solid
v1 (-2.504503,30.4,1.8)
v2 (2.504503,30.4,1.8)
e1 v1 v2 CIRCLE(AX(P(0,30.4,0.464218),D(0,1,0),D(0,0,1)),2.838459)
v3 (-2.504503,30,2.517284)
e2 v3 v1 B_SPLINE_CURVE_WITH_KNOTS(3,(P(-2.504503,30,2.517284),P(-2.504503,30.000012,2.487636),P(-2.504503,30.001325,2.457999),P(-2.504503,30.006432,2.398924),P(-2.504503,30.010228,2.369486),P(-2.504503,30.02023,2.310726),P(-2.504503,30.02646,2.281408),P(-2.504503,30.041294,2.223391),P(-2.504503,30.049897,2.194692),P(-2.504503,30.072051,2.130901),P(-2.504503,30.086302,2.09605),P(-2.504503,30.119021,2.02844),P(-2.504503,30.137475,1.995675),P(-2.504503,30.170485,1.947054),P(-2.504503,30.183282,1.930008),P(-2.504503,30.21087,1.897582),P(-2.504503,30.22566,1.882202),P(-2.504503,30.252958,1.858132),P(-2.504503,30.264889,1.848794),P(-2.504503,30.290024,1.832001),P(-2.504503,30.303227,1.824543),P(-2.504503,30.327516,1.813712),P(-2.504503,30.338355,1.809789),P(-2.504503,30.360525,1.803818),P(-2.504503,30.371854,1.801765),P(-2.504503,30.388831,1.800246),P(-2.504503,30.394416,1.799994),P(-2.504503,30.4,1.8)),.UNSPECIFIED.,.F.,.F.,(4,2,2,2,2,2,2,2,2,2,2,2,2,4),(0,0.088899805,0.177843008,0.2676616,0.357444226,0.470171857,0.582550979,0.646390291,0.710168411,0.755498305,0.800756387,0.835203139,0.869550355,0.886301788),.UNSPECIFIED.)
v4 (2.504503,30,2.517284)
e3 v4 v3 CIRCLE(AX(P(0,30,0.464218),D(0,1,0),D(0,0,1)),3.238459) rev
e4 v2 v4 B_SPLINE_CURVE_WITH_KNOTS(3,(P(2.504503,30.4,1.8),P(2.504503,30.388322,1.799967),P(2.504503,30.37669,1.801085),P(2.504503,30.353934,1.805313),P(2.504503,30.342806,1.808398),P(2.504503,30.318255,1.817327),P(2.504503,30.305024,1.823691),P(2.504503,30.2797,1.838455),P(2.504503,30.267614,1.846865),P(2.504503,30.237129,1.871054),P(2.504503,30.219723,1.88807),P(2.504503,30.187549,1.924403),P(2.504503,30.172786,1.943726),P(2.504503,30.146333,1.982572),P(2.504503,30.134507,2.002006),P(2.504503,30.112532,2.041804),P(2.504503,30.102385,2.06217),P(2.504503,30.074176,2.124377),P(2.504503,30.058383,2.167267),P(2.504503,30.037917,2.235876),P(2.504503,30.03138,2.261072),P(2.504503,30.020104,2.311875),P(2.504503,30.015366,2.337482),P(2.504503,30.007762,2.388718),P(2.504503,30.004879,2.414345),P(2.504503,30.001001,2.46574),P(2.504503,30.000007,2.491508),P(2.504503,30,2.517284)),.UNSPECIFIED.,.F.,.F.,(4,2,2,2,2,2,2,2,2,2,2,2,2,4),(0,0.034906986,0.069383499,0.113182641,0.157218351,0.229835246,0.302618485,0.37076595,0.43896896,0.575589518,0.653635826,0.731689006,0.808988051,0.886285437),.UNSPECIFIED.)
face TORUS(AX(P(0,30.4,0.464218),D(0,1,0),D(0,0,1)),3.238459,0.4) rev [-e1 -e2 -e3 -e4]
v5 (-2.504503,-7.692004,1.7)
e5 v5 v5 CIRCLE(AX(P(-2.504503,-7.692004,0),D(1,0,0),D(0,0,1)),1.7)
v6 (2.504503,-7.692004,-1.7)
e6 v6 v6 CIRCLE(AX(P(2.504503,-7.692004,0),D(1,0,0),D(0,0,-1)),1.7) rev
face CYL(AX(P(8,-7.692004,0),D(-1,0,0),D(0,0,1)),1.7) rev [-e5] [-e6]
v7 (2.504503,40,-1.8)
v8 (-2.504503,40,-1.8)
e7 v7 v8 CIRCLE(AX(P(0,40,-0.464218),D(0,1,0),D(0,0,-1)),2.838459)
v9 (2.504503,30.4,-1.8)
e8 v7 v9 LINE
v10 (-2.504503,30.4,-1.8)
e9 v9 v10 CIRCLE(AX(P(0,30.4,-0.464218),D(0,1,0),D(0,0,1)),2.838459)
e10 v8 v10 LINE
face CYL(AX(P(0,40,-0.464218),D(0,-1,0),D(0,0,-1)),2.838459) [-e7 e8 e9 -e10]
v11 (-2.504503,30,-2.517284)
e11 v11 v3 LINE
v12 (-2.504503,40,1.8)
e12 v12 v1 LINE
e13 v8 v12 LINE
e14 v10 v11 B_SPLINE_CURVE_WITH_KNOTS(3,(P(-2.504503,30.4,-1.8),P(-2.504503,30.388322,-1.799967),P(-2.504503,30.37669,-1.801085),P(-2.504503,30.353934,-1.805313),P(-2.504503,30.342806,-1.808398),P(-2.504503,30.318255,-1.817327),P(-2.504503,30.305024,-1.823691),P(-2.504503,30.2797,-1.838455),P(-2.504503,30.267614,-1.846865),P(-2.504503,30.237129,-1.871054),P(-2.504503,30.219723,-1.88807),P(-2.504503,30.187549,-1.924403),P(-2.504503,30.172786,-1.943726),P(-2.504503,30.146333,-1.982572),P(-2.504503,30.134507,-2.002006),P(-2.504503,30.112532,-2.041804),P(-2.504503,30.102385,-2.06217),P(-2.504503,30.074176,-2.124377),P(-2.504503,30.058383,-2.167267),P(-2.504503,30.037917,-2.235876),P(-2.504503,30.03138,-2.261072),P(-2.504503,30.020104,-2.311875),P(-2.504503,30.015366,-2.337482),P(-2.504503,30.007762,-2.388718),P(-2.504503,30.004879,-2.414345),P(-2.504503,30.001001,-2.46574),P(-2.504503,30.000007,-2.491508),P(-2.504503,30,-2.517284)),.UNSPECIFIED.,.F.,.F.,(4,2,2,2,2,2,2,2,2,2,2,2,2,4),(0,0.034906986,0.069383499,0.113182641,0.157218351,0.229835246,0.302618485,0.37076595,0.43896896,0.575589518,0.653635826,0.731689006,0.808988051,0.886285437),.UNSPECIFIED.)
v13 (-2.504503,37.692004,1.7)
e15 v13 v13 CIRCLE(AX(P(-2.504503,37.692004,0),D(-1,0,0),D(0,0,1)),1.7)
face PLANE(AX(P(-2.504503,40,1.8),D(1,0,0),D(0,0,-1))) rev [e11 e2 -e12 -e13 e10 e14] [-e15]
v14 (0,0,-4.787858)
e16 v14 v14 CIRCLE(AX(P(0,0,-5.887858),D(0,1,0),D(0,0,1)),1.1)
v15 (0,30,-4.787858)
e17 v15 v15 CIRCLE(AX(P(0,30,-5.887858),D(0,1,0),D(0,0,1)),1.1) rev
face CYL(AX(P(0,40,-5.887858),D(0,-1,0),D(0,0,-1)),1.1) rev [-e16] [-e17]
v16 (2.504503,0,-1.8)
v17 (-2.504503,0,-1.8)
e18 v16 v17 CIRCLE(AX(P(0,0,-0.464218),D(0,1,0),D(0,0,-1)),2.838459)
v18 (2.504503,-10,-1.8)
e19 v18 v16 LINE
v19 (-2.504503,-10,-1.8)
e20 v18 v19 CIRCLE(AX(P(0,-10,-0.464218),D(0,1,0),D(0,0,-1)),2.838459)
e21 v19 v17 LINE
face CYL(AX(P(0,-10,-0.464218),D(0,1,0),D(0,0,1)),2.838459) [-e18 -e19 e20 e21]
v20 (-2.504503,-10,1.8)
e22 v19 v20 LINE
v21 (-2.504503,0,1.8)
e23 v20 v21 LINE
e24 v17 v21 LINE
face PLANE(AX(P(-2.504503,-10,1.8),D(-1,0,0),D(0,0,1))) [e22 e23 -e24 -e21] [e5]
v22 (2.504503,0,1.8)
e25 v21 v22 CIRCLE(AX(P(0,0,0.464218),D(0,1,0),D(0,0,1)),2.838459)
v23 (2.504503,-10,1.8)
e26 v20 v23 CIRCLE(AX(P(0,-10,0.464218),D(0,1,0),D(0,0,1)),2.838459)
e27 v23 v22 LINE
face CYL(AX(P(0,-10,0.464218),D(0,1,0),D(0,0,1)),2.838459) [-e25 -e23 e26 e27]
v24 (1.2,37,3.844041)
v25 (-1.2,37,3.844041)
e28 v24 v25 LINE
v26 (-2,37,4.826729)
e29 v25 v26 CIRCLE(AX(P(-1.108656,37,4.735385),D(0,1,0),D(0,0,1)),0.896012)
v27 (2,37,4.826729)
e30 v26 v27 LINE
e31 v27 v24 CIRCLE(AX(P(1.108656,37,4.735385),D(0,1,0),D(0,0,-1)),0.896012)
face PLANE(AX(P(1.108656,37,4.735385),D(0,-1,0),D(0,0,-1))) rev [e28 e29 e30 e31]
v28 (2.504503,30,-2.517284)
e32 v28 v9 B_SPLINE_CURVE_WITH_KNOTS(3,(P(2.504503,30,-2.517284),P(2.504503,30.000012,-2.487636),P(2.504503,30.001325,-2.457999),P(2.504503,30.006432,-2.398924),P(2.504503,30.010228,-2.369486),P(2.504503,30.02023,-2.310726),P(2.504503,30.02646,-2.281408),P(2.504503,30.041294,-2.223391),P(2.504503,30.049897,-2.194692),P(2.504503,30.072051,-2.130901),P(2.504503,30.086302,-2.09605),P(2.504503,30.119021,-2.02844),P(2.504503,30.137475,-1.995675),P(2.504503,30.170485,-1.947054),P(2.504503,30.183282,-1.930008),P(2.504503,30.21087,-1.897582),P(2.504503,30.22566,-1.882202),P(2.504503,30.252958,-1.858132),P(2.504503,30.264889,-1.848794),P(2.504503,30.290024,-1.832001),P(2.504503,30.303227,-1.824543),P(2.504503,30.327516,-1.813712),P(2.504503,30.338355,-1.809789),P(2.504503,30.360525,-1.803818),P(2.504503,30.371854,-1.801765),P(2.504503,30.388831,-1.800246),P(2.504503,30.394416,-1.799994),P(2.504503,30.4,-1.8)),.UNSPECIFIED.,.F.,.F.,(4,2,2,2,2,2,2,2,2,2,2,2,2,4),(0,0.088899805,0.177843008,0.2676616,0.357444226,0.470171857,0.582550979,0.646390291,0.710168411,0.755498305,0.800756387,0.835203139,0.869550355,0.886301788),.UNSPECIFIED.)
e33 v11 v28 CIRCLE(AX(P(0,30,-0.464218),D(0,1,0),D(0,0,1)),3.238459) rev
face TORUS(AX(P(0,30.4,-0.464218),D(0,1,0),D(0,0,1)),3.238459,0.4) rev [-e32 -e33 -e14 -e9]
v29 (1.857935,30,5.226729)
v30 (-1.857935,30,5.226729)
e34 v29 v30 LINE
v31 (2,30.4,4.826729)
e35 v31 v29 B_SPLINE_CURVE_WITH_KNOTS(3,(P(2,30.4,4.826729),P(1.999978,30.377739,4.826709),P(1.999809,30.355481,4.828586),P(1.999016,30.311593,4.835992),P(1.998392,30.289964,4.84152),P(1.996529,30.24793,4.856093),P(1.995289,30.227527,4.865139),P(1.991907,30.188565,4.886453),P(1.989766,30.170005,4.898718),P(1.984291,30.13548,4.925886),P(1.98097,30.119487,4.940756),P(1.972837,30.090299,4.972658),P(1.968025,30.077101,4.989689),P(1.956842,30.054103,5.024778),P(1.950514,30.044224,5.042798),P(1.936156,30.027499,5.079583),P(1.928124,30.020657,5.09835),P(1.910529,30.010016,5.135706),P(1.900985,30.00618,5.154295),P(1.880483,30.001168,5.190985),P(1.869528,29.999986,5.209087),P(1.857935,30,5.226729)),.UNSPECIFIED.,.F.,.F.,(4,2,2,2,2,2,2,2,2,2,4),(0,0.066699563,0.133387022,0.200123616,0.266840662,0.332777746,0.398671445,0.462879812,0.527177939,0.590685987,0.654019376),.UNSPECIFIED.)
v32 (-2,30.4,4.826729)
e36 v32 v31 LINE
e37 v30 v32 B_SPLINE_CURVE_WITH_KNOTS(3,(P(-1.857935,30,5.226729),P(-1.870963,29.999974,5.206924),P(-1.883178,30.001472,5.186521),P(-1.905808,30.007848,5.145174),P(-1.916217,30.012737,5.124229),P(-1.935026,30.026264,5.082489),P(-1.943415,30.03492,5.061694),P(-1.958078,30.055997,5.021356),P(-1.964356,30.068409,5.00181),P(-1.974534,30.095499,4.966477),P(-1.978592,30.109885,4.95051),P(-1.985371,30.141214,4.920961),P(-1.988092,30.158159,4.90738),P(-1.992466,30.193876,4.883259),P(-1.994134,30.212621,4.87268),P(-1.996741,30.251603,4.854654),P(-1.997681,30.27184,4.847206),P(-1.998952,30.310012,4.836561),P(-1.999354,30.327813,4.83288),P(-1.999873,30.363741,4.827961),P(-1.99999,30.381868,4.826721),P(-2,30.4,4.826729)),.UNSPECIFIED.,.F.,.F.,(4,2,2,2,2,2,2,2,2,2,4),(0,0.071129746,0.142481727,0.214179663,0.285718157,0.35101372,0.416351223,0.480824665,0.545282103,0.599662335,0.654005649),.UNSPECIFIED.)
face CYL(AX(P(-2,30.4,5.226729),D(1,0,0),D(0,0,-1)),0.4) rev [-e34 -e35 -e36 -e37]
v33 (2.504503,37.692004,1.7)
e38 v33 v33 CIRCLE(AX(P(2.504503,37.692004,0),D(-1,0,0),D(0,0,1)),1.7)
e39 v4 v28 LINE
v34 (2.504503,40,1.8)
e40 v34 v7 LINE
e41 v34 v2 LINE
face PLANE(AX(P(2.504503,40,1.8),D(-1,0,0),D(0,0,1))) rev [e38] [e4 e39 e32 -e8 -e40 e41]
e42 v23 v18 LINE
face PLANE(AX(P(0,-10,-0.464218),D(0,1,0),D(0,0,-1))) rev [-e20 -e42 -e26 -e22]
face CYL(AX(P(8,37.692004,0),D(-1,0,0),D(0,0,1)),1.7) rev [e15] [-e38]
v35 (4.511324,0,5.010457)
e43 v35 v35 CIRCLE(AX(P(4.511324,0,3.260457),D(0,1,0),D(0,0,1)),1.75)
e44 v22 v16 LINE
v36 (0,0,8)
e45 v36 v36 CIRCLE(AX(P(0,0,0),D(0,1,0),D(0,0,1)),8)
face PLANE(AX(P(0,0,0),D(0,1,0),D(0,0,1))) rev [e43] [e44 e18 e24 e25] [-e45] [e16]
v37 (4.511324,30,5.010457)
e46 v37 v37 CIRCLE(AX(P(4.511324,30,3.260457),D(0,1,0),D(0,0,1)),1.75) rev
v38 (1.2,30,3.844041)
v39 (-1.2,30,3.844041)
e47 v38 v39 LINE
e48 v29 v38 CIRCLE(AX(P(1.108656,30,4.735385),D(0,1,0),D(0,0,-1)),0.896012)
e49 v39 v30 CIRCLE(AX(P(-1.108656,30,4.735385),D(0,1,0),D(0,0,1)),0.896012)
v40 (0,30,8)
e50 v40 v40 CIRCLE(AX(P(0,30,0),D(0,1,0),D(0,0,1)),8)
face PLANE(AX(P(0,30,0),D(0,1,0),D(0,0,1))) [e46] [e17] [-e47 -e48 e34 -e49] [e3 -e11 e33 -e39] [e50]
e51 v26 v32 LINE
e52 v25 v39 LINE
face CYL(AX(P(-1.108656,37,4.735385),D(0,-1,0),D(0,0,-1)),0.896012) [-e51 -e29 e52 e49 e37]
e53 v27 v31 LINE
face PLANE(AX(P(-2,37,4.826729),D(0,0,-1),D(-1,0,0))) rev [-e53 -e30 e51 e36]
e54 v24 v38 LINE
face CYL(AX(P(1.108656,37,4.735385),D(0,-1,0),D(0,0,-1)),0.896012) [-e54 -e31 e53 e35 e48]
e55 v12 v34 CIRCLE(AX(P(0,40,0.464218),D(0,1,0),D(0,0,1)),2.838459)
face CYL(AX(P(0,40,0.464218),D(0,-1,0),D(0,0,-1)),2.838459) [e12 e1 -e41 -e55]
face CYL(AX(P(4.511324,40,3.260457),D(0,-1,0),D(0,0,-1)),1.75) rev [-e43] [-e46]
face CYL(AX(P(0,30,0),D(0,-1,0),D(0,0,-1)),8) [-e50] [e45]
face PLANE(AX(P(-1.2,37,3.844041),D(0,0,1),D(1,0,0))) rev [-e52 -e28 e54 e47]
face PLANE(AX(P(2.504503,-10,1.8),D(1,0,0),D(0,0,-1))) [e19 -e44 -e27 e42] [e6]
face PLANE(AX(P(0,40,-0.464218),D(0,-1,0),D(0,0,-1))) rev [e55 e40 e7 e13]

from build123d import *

# Parameters (mm, degrees)
SKETCH2_R           = 8
BOSS_EXTRUDE1_DEPTH = 30
BOSS_EXTRUDE3_DEPTH = 10
BOSS_EXTRUDE4_DEPTH = 7
FILLET1_R           = 0.4
SKETCH12_R          = 1.1
SKETCH12_R_2        = 1.75
CUT_EXTRUDE2_DEPTH  = 42.569219478
SKETCH13_R          = 1.7
CUT_EXTRUDE3_DEPTH  = 43.12296985


with BuildPart() as part:
    # Sketch2 → Boss-Extrude1 (new body)
    with BuildSketch(Plane(origin=(0, 0, 0), x_dir=(1, 0, 0), z_dir=(0, 1, 0))):
        with Locations(Location((0, 0, 0), (0, 0, 270))):
            Circle(SKETCH2_R)
    extrude(amount=BOSS_EXTRUDE1_DEPTH)

    # Sketch4 → Boss-Extrude3 (add)
    with BuildSketch(Plane(origin=(0, 30, 0), x_dir=(1, 0, 0), z_dir=(0, 1, 0))):
        with BuildLine():
            Line((2.504502892, -1.8), (2.504502892, 1.8))
            ThreePointArc((2.504502892, 1.8), (0, 3.30267653), (-2.504502892, 1.8))
            Line((-2.504502892, 1.8), (-2.504502892, -1.8))
            ThreePointArc((-2.504502892, -1.8), (0, -3.30267653), (2.504502892, -1.8))
        make_face()
    boss_extrude3 = extrude(amount=BOSS_EXTRUDE3_DEPTH)

    # Sketch8 → Boss-Extrude4 (add)
    with BuildSketch(Plane(origin=(0, 30, 0), x_dir=(1, 0, 0), z_dir=(0, 1, 0))):
        with BuildLine():
            Line((-1.2, -3.84404132), (1.2, -3.84404132))
            ThreePointArc((1.2, -3.84404132), (1.803521194, -4.169699523), (2, -4.826728575))
            Line((2, -4.826728575), (-2, -4.826728575))
            ThreePointArc((-2, -4.826728575), (-1.803521194, -4.169699523), (-1.2, -3.84404132))
        make_face()
    extrude(amount=BOSS_EXTRUDE4_DEPTH)

    # Fillet1
    fillet1_edges = [part.edges().sort_by_distance(p)[0] for p in [
        (0, 30, 4.826728575),
        (0, 30, -3.30267653),
        (0, 30, 3.30267653),
    ]]
    fillet(fillet1_edges, radius=FILLET1_R)

    # Sketch12 → Cut-Extrude2 (cut, through all)
    with BuildSketch(Plane(origin=(0, 0, 0), x_dir=(1, 0, 0), z_dir=(0, 1, 0))):
        with Locations(Location((0, 5.887857779, 0), (0, 0, 270))):
            Circle(SKETCH12_R)
        with Locations(Location((4.511323968, -3.260456868, 0), (0, 0, 270))):
            Circle(SKETCH12_R_2)
    extrude(amount=CUT_EXTRUDE2_DEPTH, mode=Mode.SUBTRACT)

    # Sketch13 → Cut-Extrude3 (cut, through all)
    with BuildSketch(Plane.ZY.offset(2.504502892)):
        with Locations((0, 37.692003777)):
            Circle(SKETCH13_R)
    cut_extrude3 = extrude(amount=-CUT_EXTRUDE3_DEPTH, mode=Mode.SUBTRACT)

    # Mirror1: Boss-Extrude3, Cut-Extrude3 across plane
    add(boss_extrude3.mirror(Plane.ZX.offset(15)))
    add(cut_extrude3.mirror(Plane.ZX.offset(15)), mode=Mode.SUBTRACT)


solid = part.part
